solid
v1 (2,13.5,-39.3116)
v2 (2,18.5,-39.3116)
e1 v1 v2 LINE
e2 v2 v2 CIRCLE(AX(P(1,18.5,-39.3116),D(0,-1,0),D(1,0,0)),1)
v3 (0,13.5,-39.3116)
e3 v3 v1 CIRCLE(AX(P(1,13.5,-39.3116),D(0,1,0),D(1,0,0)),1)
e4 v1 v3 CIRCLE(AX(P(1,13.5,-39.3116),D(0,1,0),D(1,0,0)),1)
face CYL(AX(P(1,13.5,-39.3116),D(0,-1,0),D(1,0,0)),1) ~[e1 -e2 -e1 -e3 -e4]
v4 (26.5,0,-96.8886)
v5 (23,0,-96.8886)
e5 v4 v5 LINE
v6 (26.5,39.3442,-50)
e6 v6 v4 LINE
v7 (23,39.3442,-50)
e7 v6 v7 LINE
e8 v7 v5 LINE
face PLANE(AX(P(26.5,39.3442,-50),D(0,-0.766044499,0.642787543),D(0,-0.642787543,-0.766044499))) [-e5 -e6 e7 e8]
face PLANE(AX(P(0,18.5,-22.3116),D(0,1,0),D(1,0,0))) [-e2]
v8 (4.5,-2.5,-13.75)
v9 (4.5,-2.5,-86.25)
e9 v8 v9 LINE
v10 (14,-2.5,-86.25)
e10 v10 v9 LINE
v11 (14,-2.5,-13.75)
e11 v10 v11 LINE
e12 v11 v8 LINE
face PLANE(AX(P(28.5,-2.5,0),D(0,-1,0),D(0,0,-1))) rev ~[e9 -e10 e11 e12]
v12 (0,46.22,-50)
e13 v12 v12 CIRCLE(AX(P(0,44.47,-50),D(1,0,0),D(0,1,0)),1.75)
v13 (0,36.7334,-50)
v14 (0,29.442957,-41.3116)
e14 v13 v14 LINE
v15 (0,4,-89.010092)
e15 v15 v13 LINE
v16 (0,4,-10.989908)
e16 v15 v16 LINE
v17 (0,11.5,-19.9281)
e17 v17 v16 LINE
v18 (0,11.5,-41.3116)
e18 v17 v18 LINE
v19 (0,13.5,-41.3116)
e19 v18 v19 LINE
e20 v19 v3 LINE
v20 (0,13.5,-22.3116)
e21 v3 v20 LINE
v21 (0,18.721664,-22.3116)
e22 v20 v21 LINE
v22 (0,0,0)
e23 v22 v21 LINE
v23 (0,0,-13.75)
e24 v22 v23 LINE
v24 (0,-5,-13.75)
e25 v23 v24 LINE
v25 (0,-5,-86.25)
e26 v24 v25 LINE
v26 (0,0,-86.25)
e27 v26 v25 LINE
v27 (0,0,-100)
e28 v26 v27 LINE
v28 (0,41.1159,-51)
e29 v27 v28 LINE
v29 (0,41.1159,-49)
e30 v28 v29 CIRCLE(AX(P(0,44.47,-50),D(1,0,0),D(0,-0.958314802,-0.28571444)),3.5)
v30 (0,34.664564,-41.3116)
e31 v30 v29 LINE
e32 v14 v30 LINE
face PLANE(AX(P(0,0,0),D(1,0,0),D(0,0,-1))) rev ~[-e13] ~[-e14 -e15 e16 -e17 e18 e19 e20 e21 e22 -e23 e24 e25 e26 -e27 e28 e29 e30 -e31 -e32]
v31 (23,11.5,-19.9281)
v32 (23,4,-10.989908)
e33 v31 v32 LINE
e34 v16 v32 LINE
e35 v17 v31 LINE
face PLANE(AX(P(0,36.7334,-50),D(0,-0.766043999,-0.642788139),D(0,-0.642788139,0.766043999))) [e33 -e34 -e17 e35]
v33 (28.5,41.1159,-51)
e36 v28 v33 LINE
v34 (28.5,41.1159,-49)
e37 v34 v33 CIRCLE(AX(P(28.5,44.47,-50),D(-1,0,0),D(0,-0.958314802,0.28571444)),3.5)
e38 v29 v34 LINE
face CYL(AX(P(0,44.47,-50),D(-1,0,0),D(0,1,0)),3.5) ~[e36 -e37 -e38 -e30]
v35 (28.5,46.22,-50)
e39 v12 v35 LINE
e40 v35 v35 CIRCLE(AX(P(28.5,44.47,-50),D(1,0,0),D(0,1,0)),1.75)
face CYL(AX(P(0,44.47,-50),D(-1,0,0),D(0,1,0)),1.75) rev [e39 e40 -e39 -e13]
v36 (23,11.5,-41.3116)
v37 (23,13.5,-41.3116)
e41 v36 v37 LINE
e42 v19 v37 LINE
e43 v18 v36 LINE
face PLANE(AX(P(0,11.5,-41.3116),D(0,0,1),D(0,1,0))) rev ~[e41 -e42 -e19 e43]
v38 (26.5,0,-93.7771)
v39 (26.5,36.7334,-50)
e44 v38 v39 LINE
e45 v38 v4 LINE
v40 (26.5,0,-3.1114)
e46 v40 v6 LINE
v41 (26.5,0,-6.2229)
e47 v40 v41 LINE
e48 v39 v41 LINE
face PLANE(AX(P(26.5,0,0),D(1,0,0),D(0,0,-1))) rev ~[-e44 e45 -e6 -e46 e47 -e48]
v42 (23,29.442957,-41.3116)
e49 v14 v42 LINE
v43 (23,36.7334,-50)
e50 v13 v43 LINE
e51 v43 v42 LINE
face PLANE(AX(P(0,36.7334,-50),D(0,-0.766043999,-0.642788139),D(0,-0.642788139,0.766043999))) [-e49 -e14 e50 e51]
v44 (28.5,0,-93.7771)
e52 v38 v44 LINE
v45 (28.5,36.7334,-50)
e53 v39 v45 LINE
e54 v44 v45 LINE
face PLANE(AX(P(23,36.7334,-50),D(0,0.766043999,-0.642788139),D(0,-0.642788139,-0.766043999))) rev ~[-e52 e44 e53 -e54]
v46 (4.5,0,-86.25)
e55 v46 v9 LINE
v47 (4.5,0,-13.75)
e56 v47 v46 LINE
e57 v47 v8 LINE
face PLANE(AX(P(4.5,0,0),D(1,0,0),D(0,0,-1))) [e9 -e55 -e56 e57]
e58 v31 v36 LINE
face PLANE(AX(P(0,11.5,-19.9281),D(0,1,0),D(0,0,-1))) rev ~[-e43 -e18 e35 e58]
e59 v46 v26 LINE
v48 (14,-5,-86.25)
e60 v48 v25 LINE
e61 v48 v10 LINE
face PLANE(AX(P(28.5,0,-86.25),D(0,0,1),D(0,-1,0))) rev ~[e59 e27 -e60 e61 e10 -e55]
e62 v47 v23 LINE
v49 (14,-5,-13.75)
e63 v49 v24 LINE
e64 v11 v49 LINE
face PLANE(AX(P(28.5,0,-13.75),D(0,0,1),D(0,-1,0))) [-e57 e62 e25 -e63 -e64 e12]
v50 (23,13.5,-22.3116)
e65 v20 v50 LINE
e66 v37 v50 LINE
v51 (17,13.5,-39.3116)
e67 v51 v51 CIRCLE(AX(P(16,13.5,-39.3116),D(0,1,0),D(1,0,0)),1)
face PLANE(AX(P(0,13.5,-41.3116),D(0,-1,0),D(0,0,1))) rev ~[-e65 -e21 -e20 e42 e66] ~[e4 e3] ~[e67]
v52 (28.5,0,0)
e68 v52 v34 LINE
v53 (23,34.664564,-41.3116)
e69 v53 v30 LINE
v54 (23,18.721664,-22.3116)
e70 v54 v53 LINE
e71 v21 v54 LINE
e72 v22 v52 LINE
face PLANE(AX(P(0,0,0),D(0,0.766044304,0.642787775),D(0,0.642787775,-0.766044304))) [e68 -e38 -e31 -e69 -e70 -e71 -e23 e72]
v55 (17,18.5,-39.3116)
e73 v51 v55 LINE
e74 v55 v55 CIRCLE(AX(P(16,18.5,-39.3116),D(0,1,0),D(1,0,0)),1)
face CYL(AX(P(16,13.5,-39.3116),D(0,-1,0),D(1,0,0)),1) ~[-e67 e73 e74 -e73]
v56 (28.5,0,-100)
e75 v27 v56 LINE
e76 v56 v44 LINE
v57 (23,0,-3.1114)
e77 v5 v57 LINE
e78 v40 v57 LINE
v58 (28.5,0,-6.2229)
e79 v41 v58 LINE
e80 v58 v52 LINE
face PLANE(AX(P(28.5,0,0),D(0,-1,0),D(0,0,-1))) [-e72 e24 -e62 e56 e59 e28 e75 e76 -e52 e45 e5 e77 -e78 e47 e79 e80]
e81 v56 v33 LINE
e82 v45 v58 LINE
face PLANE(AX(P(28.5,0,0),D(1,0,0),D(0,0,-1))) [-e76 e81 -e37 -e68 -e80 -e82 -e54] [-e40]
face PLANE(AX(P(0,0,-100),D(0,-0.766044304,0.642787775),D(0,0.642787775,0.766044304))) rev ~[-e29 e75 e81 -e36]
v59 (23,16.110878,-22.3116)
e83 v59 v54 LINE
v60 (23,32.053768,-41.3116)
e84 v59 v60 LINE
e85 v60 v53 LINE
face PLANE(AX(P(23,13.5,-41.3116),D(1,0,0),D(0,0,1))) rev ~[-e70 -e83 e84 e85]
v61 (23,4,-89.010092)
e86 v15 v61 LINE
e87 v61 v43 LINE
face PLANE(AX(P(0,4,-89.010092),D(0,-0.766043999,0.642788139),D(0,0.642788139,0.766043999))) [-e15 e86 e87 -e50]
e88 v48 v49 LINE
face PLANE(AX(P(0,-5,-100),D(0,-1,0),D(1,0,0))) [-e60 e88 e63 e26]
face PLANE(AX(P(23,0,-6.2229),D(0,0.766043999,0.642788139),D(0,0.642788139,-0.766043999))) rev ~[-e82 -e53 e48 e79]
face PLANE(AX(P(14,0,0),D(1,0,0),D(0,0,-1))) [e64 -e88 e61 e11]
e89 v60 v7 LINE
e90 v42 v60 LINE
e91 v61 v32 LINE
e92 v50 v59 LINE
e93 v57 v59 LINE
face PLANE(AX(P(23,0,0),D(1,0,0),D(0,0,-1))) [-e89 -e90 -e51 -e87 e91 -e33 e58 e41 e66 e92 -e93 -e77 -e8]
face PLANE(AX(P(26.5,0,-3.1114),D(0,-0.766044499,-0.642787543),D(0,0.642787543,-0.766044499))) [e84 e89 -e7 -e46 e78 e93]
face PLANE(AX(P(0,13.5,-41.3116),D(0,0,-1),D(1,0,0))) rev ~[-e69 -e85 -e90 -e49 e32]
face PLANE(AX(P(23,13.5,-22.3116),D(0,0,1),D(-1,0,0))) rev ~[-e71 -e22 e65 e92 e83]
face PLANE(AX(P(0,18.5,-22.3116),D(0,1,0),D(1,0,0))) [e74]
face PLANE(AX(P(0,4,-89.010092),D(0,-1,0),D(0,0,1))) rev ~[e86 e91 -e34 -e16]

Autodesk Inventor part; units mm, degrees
ref_plane "YZ Plane" through (0, 0, 0) normal (1, 0, 0) x (0, 1, 0)
ref_plane "XZ Plane" through (0, 0, 0) normal (0, 1, 0) x (-1, 0, 0)
sketch "Skizze1" plane through (0, 0, 0) normal (1, 0, 0) x (0, 1, 0)
  line L0 (0, 0) -> (0, -100)
  line L1 (0, -100) -> (41.1159, -51)
  line L2 (0, 0) -> (41.1159, -49)
  circle A0 centre (44.47, -50) radius 3.5
  circle A1 centre (44.47, -50) radius 1.75
  dimension "d0" = 40
  dimension "d1" = 3.5
  dimension "d2" = 7
  dimension "d3" = 2
  dimension "d4" = 100
extrude "Extrusion1" add sketch "Skizze1" along normal blind 28.5
sketch "Skizze2" plane through (0, 0, -100) normal (0, -1, 0) x (1, 0, 0)
  line L0 (0, 100) -> (0, 0) projected
  line L1 (0, 0) -> (28.5, 0) projected
  line L2 (28.5, 100) -> (28.5, 0) projected
  line L3 (0, 100) -> (28.5, 100) projected
extrude "Extrusion2" add sketch "Skizze2" along normal blind 5
sketch "Skizze3" plane through (28.5, 0, 0) normal (1, 0, 0) x (0, 0, -1)
  line L0 (100, 0) -> (51, 41.1159) projected
  arc A0 (51, 41.1159) -> (49, 41.1159) centre (50, 44.47) ccw projected
  line L1 (49, 41.1159) -> (0, 0) projected
  line L2 (0, 0) -> (0, -5) projected
  line L3 (100, -5) -> (0, -5) projected
  line L4 (100, 0) -> (100, -5) projected
  circle A1 centre (50, 44.47) radius 1.75 projected
  line L5 (49, 41.1159) -> (0, 0) projected
  line L6 (0, 0) -> (100, 0)
  line L7 (0, 0) -> (0, -5) projected
  line L8 (0, -2.5) -> (100, -2.5)
extrude "Extrusion3" cut sketch "Skizze3" against normal blind 24 contours L4 L8 L2 L6
sketch "Skizze4" plane through (28.5, 0, 0) normal (1, 0, 0) x (0, 0, -1)
  line L0 (0, 0) -> (100, 0) projected
  line L1 (100, -5) -> (0, -5) projected
  line L2 (0, 0) -> (13.75, 0)
  line L3 (13.75, 0) -> (13.75, -5)
  line L4 (13.75, -5) -> (0, -5)
  line L5 (0, -5) -> (0, 0)
  line L6 (100, 0) -> (51, 41.1159) projected
  line L7 (100, 0) -> (86.25, 0)
  line L8 (86.25, 0) -> (86.25, -5)
  line L9 (86.25, -5) -> (100, -5)
  line L10 (100, -5) -> (100, 0)
  dimension "d11" = 72.5
extrude "Extrusion4" cut sketch "Skizze4" against normal through all contours L0 L3 L1 L5 | L0 L10 L1 L8
sketch "Skizze5" plane through (28.5, 0, 0) normal (1, 0, 0) x (0, 0, -1)
  line L0 (86.25, -5) -> (86.25, -2.5) projected
  line L1 (86.25, -2.5) -> (13.75, -2.5) projected
  line L2 (13.75, -2.5) -> (13.75, -5) projected
  line L3 (86.25, -5) -> (13.75, -5) projected
  point P0 (0, 0)
extrude "Extrusion5" cut sketch "Skizze5" against normal blind 14.5
ref_plane "Arbeitsebene1" through (26.5, 0, 0) normal (1, 0, 0) x (0, 0, -1)
sketch "Skizze6" plane through (26.5, 0, 0) normal (1, 0, 0) x (0, 0, -1)
  line L0 (49, 41.1159) -> (0, 0) projected
  line L1 (100, 0) -> (51, 41.1159) projected
  line L2 (13.75, 0) -> (0, 0) projected
  line L3 (13.75, 0) -> (86.25, 0) projected
  line L4 (100, 0) -> (86.25, 0) projected
  line L5 (3.1114, 0) -> (50, 39.3442)
  line L6 (50, 39.3442) -> (96.8886, 0)
  circle A0 centre (50, 44.47) radius 1.75 projected
  dimension "d17" = 2
extrude "Extrusion6" cut sketch "Skizze6" against normal blind 3.5 contours L2 L5 L6 L4 L3
sketch "Skizze7" plane through (23, 0, 0) normal (1, 0, 0) x (0, 0, -1)
  line L0 (96.8886, 0) -> (3.1114, 0) projected
  line L1 (50, 39.3442) -> (96.8886, 0) projected
  line L2 (3.1114, 0) -> (50, 39.3442) projected
  line L3 (96.8886, 0) -> (3.1114, 0) projected
  line L4 (6.2229, 0) -> (50, 36.7334)
  line L5 (50, 36.7334) -> (93.7771, 0)
  line L6 (100, 0) -> (86.25, 0) projected
  point P0 (0, 0)
  dimension "d20" = 2
extrude "Extrusion7" cut sketch "Skizze7" along normal through all contours L0 L4 L5
sketch "Skizze8" plane through (0, 0, 0) normal (-1, 0, 0) x (0, 0, 1)
  line L0 (-100, 0) -> (-86.25, 0) projected
  line L1 (-13.75, 0) -> (0, 0) projected
  line L2 (-13.75, 0) -> (-86.25, 0) projected
  line L3 (-49, 41.1159) -> (0, 0) projected
  line L4 (-100, 0) -> (-51, 41.1159) projected
  circle A0 centre (-50, 44.47) radius 1.75 projected
  line L5 (-93.7771, 0) -> (-96.8886, 0) projected
  line L6 (-50, 39.3442) -> (-96.8886, 0) projected
  line L7 (-92.1215, 4) -> (-7.8785, 4)
  line L8 (-3.1114, 0) -> (-50, 39.3442) projected
  line L9 (-93.7771, 0) -> (-50, 36.7334) projected
  line L10 (-50, 36.7334) -> (-6.2229, 0) projected
  point P0 (-10.9899, 4)
  point P1 (-89.0101, 4)
  dimension "d23" = 4
extrude "Extrusion8" cut sketch "Skizze8" against normal up to surface (23 mm away) contours L9 L10 L7
sketch "Skizze9" plane through (0, 0, 0) normal (-1, 0, 0) x (0, 0, 1)
  line L0 (-89.0101, 4) -> (-50, 36.7334) projected
  line L1 (-50, 36.7334) -> (-10.9899, 4) projected
  line L2 (-10.9899, 4) -> (-89.0101, 4) projected
  line L3 (-86.25, 0) -> (-86.25, -5) projected
  line L4 (-13.75, -5) -> (-86.25, -5) projected
  line L5 (-13.75, -5) -> (-13.75, 0) projected
  line L6 (-13.75, 0) -> (0, 0) projected
  line L7 (-49, 41.1159) -> (0, 0) projected
  arc A0 (-49, 41.1159) -> (-51, 41.1159) centre (-50, 44.47) ccw projected
  line L8 (-100, 0) -> (-51, 41.1159) projected
  line L9 (-100, 0) -> (-86.25, 0) projected
  circle A1 centre (-50, 44.47) radius 1.75 projected
  line L10 (-19.9281, 11.5) -> (-41.3116, 11.5)
  line L11 (-41.3116, 11.5) -> (-41.3116, 13.5)
  line L12 (-41.3116, 13.5) -> (-22.3116, 13.5)
  line L13 (-50, 36.7334) -> (-10.9899, 4) projected
  point P0 (-30.495, 20.3667)
  dimension "d26" = 2
  dimension "d27" = 19
  dimension "d38" = 7.5
extrude "Extrusion9" add sketch "Skizze9" against normal up to surface (23 mm away) contours L1 L10 L11 L12
sketch "Skizze10" plane through (0, 13.5, -22.3116) normal (0, 1, 0) x (1, 0, 0)
  line L0 (23, 19) -> (23, 0) projected
  line L1 (0, 19) -> (23, 19) projected
  line L2 (0, 0) -> (0, 19) projected
  line L3 (23, 0) -> (0, 0) projected
  circle A0 centre (16, 17) radius 1
  circle A1 centre (1, 17) radius 1
  point P0 (0, -22.3116)
  dimension "d30" = 2
  dimension "d31" = 15
  dimension "d32" = 2
  dimension "d39" = 1
extrude "Extrusion10" cut sketch "Skizze10" along normal through all contours A1 | L0 L3 L2 L1 | A0
extrude "Extrusion11" add sketch "Skizze10" along normal blind 5 contours A1 | A0
equation "\"d32\" = d30"
properties part number "roof_foot"
